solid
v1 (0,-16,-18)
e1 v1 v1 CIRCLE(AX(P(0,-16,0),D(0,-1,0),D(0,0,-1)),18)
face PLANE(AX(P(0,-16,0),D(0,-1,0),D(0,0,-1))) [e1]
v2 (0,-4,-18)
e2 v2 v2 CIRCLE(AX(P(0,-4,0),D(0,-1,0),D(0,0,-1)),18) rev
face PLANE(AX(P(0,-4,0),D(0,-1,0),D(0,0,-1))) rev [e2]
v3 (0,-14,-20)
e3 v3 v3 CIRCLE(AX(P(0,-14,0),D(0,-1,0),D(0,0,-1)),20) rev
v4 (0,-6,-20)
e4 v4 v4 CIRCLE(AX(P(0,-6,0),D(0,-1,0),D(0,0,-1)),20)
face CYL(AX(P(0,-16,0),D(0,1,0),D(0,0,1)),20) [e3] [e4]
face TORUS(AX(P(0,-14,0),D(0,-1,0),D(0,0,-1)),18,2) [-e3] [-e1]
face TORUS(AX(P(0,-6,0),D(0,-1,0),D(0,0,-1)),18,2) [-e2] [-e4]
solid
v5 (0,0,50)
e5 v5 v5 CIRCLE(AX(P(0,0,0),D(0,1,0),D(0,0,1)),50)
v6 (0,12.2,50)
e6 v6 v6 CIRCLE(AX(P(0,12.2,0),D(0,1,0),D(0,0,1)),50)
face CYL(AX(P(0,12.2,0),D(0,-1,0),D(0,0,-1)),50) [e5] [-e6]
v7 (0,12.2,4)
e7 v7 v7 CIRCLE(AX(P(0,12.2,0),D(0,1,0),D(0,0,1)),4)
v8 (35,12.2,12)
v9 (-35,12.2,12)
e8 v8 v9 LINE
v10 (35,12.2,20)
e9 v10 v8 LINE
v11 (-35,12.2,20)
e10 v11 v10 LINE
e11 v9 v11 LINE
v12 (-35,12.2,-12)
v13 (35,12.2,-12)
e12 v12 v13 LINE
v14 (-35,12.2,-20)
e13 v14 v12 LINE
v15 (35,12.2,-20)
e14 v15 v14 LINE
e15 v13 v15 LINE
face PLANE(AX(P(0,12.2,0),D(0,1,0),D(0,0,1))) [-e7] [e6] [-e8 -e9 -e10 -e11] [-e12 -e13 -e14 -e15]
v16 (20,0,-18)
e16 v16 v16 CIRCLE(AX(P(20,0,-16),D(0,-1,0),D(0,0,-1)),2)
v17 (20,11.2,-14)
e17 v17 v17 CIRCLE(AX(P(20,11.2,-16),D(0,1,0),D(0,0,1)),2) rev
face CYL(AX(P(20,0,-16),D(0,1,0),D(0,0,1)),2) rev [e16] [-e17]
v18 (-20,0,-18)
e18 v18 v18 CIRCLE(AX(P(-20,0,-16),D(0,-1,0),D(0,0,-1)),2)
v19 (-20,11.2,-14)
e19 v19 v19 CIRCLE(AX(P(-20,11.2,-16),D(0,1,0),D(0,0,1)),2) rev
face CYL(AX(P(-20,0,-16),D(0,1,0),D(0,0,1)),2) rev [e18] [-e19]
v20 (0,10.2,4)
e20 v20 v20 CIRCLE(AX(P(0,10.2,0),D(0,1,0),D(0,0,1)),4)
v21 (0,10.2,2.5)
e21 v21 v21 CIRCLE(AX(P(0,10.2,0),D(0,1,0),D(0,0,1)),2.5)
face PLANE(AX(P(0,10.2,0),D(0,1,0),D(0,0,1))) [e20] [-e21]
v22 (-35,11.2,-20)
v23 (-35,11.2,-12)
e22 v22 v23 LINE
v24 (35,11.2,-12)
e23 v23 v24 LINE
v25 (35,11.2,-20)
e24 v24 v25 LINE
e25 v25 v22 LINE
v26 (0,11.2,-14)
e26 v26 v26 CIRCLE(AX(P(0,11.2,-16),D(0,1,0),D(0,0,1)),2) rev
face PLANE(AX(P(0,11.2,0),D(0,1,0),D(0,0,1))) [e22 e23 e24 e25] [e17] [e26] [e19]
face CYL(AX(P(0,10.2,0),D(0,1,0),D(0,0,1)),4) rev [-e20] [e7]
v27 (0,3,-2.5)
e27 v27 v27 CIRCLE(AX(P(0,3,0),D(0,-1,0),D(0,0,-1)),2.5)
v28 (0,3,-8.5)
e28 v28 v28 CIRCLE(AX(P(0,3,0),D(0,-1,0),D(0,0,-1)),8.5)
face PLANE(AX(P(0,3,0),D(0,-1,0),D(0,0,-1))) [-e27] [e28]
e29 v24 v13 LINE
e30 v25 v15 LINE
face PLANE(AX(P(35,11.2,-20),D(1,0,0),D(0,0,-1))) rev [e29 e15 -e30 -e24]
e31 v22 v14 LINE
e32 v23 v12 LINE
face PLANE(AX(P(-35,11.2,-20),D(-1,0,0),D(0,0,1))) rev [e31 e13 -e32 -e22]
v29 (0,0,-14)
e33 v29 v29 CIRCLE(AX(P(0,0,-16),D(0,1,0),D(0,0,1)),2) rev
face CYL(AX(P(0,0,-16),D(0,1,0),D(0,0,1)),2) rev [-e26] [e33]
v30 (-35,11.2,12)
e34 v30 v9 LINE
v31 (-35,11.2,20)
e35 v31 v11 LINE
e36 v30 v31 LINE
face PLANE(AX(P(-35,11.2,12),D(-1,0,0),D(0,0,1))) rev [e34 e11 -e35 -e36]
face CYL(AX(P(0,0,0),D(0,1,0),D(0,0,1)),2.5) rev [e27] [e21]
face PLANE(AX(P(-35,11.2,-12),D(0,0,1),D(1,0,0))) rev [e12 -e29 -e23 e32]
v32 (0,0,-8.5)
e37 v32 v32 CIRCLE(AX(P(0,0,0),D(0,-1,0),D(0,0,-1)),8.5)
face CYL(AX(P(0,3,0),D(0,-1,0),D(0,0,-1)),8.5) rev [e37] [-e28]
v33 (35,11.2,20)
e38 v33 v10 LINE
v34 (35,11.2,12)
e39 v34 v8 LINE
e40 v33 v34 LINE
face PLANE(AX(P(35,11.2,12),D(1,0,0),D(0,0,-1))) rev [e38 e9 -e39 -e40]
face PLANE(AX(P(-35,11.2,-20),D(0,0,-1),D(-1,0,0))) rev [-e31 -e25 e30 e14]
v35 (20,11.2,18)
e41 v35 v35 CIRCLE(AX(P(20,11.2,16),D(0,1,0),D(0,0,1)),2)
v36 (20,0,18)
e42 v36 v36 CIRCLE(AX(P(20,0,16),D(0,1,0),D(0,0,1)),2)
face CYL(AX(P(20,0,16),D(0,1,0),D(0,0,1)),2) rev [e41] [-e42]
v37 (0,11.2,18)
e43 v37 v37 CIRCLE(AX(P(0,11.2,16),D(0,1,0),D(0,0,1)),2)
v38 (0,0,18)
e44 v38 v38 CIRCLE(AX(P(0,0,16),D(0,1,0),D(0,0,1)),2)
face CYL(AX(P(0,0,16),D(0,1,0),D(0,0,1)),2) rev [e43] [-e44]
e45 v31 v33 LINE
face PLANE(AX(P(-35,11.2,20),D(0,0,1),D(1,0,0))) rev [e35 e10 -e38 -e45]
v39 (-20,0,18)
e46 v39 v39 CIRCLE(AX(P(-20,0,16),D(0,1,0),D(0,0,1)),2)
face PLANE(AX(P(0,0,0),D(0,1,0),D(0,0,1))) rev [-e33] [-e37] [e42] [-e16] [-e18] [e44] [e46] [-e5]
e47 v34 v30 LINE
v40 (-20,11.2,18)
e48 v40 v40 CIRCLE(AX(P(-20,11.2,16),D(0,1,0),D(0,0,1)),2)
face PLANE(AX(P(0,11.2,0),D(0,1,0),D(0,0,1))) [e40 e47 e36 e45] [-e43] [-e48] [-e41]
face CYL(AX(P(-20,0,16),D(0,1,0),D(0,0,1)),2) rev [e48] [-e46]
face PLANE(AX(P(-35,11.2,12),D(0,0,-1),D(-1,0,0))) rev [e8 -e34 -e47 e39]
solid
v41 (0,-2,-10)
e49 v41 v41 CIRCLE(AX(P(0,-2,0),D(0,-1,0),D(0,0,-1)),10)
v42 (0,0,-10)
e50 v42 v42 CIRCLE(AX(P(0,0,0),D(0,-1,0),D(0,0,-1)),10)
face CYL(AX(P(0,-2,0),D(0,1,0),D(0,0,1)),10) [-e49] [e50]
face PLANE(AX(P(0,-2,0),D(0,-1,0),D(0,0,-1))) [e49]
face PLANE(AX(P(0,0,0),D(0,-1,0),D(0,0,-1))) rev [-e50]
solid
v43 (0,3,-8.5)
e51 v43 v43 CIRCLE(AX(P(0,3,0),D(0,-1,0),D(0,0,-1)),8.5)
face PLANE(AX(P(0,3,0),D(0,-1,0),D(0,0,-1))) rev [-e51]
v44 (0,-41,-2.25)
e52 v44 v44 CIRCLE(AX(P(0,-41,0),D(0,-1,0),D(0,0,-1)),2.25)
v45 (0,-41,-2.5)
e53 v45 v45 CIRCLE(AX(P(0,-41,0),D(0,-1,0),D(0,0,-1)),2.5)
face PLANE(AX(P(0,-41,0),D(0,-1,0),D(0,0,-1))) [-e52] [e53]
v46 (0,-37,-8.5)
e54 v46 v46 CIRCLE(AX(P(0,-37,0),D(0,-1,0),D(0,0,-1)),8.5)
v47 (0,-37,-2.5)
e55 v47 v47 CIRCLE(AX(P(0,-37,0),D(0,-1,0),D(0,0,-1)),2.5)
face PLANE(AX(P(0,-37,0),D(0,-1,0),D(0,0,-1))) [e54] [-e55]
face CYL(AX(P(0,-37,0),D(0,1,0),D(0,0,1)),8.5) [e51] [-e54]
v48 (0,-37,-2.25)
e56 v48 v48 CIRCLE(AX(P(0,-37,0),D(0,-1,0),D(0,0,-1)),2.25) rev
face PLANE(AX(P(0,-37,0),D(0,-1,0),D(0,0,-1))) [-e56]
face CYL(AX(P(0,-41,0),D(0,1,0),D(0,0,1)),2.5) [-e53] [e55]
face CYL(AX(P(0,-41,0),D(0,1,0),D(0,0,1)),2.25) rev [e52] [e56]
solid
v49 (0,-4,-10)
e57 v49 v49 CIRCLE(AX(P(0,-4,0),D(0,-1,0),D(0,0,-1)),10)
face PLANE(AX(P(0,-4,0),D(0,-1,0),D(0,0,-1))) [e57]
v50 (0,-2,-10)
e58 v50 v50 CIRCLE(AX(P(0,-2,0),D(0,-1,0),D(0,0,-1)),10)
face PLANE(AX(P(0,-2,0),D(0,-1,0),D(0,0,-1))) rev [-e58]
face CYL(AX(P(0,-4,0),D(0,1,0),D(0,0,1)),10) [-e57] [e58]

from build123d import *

# Parameters (mm, degrees)
SKETCH3_R            = 50
BOSS_EXTRUDE1_DEPTH  = 12.2
SKETCH4_W            = 70
SKETCH4_H            = 8
CUT_EXTRUDE2_DEPTH   = 1
SKETCH7_R            = 2
CUT_EXTRUDE4_DEPTH   = 72.755417914
SKETCH8_R            = 8.5
CUT_EXTRUDE6_DEPTH   = 3
SKETCH9_R            = 4
CUT_EXTRUDE7_DEPTH   = 2
SKETCH11_R           = 2.5
CUT_EXTRUDE8_DEPTH   = 72.442564344
SKETCH16_R           = 8.5
BOSS_EXTRUDE6_DEPTH  = 40
SKETCH21_R           = 10
BOSS_EXTRUDE11_DEPTH = 2
SKETCH22_R           = 10
BOSS_EXTRUDE12_DEPTH = 2
SKETCH23_R           = 20
BOSS_EXTRUDE13_DEPTH = 12
FILLET1_R            = 2
SKETCH24_R           = 2.5
SKETCH24_R_2         = 2.25
BOSS_EXTRUDE14_DEPTH = 4


with BuildPart() as part:
    # Sketch3 → Boss-Extrude1 (new body)
    with BuildSketch(Plane(origin=(0, 0, 0), x_dir=(1, 0, 0), z_dir=(0, 1, 0))):
        with Locations(Location((0, 0, 0), (0, 0, 270))):
            Circle(SKETCH3_R)
    extrude(amount=BOSS_EXTRUDE1_DEPTH)

    # Sketch4 → Cut-Extrude2 (cut)
    with BuildSketch(Plane(origin=(0, 12.2, 0), x_dir=(1, 0, 0), z_dir=(0, 1, 0))):
        with Locations((0, -16)):
            Rectangle(SKETCH4_W, SKETCH4_H)
        with Locations((0, 16)):
            Rectangle(SKETCH4_W, SKETCH4_H)
    extrude(amount=-CUT_EXTRUDE2_DEPTH, mode=Mode.SUBTRACT)

    # Sketch7 → Cut-Extrude4 (cut, through all)
    with BuildSketch(Plane(origin=(0, 12.2, 0), x_dir=(1, 0, 0), z_dir=(0, 1, 0))):
        with Locations(Location((0, 16, 0), (0, 0, 270))):
            Circle(SKETCH7_R)
        with Locations(Location((0, -16, 0), (0, 0, 270))):
            Circle(SKETCH7_R)
        with Locations(Location((-20, -16, 0), (0, 0, 270))):
            Circle(SKETCH7_R)
        with Locations(Location((-20, 16, 0), (0, 0, 270))):
            Circle(SKETCH7_R)
        with Locations(Location((20, 16, 0), (0, 0, 270))):
            Circle(SKETCH7_R)
        with Locations(Location((20, -16, 0), (0, 0, 270))):
            Circle(SKETCH7_R)
    extrude(amount=-CUT_EXTRUDE4_DEPTH, mode=Mode.SUBTRACT)

    # Sketch8 → Cut-Extrude6 (cut)
    with BuildSketch(Plane(origin=(0, 0, 0), x_dir=(-1, 0, 0), z_dir=(0, -1, 0))):
        with Locations(Location((0, 0, 0), (0, 0, 90))):
            Circle(SKETCH8_R)
    extrude(amount=-CUT_EXTRUDE6_DEPTH, mode=Mode.SUBTRACT)

    # Sketch9 → Cut-Extrude7 (cut)
    with BuildSketch(Plane(origin=(0, 12.2, 0), x_dir=(1, 0, 0), z_dir=(0, 1, 0))):
        with Locations(Location((0, 0, 0), (0, 0, 270))):
            Circle(SKETCH9_R)
    extrude(amount=-CUT_EXTRUDE7_DEPTH, mode=Mode.SUBTRACT)

    # Sketch11 → Cut-Extrude8 (cut, through all)
    with BuildSketch(Plane(origin=(0, 10.2, 0), x_dir=(1, 0, 0), z_dir=(0, 1, 0))):
        with Locations(Location((0, 0, 0), (0, 0, 270))):
            Circle(SKETCH11_R)
    extrude(amount=-CUT_EXTRUDE8_DEPTH, mode=Mode.SUBTRACT)


with BuildPart() as body_2:
    # Sketch16 → Boss-Extrude6 (new body)
    with BuildSketch(Plane.XZ.offset(-3)):
        with Locations(Location((0, 0, 0), (0, 0, 270))):
            Circle(SKETCH16_R)
    extrude(amount=BOSS_EXTRUDE6_DEPTH)

    # Sketch24 → Boss-Extrude14 (add)
    with BuildSketch(Plane(origin=(0, -37, 0), x_dir=(-1, 0, 0), z_dir=(0, -1, 0))):
        with Locations(Location((0, 0, 0), (0, 0, 90))):
            Circle(SKETCH24_R)
        with Locations(Location((0, 0, 0), (0, 0, 90))):
            Circle(SKETCH24_R_2, mode=Mode.SUBTRACT)
    extrude(amount=BOSS_EXTRUDE14_DEPTH)


with BuildPart() as body_3:
    # Sketch21 → Boss-Extrude11 (new body)
    with BuildSketch(Plane.XZ):
        with Locations(Location((0, 0, 0), (0, 0, 270))):
            Circle(SKETCH21_R)
    extrude(amount=BOSS_EXTRUDE11_DEPTH)


with BuildPart() as body_4:
    # Sketch22 → Boss-Extrude12 (new body)
    with BuildSketch(Plane.XZ.offset(2)):
        with Locations(Location((0, 0, 0), (0, 0, 270))):
            Circle(SKETCH22_R)
    extrude(amount=BOSS_EXTRUDE12_DEPTH)


with BuildPart() as body_5:
    # Sketch23 → Boss-Extrude13 (new body)
    with BuildSketch(Plane(origin=(0, -4, 0), x_dir=(-1, 0, 0), z_dir=(0, -1, 0))):
        with Locations(Location((0, 0, 0), (0, 0, 90))):
            Circle(SKETCH23_R)
    extrude(amount=BOSS_EXTRUDE13_DEPTH)

    # Fillet1
    fillet1_edges = [body_5.edges().sort_by_distance(p)[0] for p in [
        (0, -4, 20),
        (0, -16, 20),
    ]]
    fillet(fillet1_edges, radius=FILLET1_R)


solid = Compound([part.part, body_2.part, body_3.part, body_4.part, body_5.part])
